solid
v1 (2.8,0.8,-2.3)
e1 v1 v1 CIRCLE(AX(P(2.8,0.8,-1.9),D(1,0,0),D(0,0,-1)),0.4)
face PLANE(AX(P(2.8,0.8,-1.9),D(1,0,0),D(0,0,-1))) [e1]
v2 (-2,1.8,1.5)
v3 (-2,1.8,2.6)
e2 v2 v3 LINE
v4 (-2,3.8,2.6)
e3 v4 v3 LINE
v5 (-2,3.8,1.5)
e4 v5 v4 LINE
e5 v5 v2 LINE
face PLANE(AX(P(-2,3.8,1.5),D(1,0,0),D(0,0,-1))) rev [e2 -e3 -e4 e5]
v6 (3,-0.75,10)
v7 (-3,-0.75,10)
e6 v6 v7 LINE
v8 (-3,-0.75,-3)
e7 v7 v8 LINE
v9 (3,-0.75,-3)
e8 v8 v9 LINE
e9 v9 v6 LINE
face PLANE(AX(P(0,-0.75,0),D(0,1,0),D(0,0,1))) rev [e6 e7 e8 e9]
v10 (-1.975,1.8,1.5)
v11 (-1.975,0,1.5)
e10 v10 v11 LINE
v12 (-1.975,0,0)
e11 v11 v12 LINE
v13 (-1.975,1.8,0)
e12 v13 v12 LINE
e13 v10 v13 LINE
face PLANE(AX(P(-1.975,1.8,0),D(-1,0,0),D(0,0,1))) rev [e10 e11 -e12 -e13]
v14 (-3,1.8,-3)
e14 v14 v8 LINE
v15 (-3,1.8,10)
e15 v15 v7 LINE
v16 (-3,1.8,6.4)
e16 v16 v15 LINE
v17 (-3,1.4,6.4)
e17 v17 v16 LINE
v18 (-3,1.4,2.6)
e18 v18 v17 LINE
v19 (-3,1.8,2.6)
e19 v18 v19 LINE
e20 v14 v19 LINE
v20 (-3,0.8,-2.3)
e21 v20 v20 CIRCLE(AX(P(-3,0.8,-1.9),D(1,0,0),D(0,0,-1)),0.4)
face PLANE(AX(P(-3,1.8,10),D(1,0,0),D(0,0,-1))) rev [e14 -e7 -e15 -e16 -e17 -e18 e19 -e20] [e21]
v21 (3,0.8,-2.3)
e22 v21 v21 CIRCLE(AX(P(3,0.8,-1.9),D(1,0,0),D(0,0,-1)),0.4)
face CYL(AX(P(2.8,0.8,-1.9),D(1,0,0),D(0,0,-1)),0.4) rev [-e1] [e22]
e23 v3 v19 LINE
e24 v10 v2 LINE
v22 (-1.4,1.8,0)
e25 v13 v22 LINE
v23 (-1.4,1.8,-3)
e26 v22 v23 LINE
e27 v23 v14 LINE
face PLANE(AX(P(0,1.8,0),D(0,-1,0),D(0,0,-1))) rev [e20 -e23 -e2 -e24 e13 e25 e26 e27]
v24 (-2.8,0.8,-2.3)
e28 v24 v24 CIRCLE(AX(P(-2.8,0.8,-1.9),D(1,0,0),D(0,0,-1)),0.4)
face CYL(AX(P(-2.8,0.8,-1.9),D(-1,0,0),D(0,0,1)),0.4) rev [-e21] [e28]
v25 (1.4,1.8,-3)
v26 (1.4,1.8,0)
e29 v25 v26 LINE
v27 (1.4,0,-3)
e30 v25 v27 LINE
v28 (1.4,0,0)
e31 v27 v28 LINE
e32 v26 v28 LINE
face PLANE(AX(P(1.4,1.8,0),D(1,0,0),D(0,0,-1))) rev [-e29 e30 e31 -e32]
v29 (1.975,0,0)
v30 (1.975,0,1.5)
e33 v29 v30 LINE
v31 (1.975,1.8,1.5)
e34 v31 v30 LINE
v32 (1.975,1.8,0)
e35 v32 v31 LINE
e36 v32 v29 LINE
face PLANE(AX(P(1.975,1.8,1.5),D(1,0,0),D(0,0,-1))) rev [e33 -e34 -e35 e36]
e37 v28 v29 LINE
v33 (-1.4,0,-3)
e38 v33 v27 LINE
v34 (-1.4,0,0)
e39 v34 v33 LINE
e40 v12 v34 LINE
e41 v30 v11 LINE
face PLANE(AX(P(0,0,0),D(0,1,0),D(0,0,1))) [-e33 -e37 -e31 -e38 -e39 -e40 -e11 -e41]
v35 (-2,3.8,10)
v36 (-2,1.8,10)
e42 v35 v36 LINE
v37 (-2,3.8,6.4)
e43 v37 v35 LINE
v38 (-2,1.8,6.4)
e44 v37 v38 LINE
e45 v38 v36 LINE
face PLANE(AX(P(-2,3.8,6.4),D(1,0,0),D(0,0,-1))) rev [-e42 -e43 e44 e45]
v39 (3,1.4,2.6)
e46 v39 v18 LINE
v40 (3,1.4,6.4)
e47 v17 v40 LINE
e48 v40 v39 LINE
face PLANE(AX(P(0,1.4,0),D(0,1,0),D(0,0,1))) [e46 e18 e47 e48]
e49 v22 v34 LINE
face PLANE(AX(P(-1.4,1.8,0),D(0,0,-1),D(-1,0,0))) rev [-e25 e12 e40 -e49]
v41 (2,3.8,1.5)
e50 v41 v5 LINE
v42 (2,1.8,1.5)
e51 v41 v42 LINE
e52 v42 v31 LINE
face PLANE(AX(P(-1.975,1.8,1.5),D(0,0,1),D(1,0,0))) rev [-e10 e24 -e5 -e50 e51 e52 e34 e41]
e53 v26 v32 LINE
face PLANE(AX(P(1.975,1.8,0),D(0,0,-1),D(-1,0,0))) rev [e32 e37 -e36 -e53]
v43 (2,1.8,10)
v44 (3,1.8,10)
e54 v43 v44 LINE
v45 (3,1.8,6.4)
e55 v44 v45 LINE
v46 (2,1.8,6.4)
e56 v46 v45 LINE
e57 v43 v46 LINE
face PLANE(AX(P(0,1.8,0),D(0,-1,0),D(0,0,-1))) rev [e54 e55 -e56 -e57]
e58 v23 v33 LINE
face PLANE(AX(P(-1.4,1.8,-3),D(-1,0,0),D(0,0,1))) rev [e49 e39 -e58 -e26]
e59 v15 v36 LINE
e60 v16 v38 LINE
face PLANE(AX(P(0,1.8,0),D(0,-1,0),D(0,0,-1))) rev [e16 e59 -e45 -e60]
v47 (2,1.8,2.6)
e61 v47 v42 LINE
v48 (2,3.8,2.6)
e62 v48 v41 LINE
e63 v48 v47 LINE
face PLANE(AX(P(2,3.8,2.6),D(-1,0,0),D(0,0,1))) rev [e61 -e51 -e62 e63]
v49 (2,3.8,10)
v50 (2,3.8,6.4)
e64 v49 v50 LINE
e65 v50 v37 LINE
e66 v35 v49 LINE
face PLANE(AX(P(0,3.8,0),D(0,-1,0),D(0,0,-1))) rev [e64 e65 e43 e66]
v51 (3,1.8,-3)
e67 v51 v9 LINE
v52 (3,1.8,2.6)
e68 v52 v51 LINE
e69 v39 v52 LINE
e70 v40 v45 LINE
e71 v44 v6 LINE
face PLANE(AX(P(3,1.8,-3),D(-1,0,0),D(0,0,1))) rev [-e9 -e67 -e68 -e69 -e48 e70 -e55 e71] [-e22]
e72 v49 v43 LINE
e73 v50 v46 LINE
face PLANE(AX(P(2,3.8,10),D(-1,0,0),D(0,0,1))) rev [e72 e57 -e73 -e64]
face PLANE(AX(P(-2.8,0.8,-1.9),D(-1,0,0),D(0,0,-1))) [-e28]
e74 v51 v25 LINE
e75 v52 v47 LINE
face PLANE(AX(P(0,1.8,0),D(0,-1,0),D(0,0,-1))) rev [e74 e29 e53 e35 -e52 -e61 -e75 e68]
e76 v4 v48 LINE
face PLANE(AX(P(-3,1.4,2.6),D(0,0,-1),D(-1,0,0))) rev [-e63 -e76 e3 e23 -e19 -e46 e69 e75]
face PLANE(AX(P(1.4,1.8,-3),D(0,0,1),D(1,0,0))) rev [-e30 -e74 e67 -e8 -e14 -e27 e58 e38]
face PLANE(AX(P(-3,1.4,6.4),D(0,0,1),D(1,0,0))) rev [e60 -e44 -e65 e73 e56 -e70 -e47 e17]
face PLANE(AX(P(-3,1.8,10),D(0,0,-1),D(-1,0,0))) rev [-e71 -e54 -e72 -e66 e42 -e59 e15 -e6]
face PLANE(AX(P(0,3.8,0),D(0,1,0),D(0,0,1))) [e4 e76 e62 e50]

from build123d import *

# Parameters (mm, degrees)
BOSS_EXTRUDE1_DEPTH = 1.8
SKETCH2_W           = 6
SKETCH2_H           = 13
BOSS_EXTRUDE2_DEPTH = 0.75
SKETCH7_W           = 6
SKETCH7_H           = 3.8
CUT_EXTRUDE2_DEPTH  = 0.4
SKETCH9_R           = 0.4
CUT_EXTRUDE4_DEPTH  = 0.2
SKETCH10_W          = 4
SKETCH10_H          = 1.1
SKETCH10_H_2        = 3.6
BOSS_EXTRUDE3_DEPTH = 2


with BuildPart() as part:
    # Sketch1 → Boss-Extrude1 (new body)
    with BuildSketch(Plane(origin=(0, 0, 0), x_dir=(1, 0, 0), z_dir=(0, 1, 0))):
        Polygon((-1.4, 3), (-1.4, 0), (-1.975, 0), (-1.975, -1.5), (1.975, -1.5), (1.975, 0), (1.4, 0), (1.4, 3), (3, 3), (3, -10), (-3, -10), (-3, 3), align=None)
    extrude(amount=BOSS_EXTRUDE1_DEPTH)

    # Sketch2 → Boss-Extrude2 (add)
    with BuildSketch(Plane.XZ):
        with Locations((0, 3.5)):
            Rectangle(SKETCH2_W, SKETCH2_H)
    extrude(amount=BOSS_EXTRUDE2_DEPTH)

    # Sketch7 → Cut-Extrude2 (cut)
    with BuildSketch(Plane(origin=(0, 1.8, 0), x_dir=(1, 0, 0), z_dir=(0, 1, 0))):
        with Locations((0, -4.5)):
            Rectangle(SKETCH7_W, SKETCH7_H)
    extrude(amount=-CUT_EXTRUDE2_DEPTH, mode=Mode.SUBTRACT)

    # Sketch9 → Cut-Extrude4 (cut)
    with BuildSketch(Plane(origin=(3, 0, 0), x_dir=(0, 0, -1), z_dir=(1, 0, 0))):
        with Locations((1.9, 0.8)):
            Circle(SKETCH9_R)
    cut_extrude4 = extrude(amount=-CUT_EXTRUDE4_DEPTH, mode=Mode.SUBTRACT)

    # Mirror1: Cut-Extrude4 across plane
    add(cut_extrude4.mirror(Plane(origin=(0, 0, 0), x_dir=(0, 0, 1), z_dir=(1, 0, 0))), mode=Mode.SUBTRACT)

    # Sketch10 → Boss-Extrude3 (add)
    with BuildSketch(Plane(origin=(0, 1.8, 0), x_dir=(1, 0, 0), z_dir=(0, 1, 0))):
        with Locations((0, -2.05)):
            Rectangle(SKETCH10_W, SKETCH10_H)
        with Locations((0, -8.2)):
            Rectangle(SKETCH10_W, SKETCH10_H_2)
    extrude(amount=BOSS_EXTRUDE3_DEPTH)


solid = part.part
